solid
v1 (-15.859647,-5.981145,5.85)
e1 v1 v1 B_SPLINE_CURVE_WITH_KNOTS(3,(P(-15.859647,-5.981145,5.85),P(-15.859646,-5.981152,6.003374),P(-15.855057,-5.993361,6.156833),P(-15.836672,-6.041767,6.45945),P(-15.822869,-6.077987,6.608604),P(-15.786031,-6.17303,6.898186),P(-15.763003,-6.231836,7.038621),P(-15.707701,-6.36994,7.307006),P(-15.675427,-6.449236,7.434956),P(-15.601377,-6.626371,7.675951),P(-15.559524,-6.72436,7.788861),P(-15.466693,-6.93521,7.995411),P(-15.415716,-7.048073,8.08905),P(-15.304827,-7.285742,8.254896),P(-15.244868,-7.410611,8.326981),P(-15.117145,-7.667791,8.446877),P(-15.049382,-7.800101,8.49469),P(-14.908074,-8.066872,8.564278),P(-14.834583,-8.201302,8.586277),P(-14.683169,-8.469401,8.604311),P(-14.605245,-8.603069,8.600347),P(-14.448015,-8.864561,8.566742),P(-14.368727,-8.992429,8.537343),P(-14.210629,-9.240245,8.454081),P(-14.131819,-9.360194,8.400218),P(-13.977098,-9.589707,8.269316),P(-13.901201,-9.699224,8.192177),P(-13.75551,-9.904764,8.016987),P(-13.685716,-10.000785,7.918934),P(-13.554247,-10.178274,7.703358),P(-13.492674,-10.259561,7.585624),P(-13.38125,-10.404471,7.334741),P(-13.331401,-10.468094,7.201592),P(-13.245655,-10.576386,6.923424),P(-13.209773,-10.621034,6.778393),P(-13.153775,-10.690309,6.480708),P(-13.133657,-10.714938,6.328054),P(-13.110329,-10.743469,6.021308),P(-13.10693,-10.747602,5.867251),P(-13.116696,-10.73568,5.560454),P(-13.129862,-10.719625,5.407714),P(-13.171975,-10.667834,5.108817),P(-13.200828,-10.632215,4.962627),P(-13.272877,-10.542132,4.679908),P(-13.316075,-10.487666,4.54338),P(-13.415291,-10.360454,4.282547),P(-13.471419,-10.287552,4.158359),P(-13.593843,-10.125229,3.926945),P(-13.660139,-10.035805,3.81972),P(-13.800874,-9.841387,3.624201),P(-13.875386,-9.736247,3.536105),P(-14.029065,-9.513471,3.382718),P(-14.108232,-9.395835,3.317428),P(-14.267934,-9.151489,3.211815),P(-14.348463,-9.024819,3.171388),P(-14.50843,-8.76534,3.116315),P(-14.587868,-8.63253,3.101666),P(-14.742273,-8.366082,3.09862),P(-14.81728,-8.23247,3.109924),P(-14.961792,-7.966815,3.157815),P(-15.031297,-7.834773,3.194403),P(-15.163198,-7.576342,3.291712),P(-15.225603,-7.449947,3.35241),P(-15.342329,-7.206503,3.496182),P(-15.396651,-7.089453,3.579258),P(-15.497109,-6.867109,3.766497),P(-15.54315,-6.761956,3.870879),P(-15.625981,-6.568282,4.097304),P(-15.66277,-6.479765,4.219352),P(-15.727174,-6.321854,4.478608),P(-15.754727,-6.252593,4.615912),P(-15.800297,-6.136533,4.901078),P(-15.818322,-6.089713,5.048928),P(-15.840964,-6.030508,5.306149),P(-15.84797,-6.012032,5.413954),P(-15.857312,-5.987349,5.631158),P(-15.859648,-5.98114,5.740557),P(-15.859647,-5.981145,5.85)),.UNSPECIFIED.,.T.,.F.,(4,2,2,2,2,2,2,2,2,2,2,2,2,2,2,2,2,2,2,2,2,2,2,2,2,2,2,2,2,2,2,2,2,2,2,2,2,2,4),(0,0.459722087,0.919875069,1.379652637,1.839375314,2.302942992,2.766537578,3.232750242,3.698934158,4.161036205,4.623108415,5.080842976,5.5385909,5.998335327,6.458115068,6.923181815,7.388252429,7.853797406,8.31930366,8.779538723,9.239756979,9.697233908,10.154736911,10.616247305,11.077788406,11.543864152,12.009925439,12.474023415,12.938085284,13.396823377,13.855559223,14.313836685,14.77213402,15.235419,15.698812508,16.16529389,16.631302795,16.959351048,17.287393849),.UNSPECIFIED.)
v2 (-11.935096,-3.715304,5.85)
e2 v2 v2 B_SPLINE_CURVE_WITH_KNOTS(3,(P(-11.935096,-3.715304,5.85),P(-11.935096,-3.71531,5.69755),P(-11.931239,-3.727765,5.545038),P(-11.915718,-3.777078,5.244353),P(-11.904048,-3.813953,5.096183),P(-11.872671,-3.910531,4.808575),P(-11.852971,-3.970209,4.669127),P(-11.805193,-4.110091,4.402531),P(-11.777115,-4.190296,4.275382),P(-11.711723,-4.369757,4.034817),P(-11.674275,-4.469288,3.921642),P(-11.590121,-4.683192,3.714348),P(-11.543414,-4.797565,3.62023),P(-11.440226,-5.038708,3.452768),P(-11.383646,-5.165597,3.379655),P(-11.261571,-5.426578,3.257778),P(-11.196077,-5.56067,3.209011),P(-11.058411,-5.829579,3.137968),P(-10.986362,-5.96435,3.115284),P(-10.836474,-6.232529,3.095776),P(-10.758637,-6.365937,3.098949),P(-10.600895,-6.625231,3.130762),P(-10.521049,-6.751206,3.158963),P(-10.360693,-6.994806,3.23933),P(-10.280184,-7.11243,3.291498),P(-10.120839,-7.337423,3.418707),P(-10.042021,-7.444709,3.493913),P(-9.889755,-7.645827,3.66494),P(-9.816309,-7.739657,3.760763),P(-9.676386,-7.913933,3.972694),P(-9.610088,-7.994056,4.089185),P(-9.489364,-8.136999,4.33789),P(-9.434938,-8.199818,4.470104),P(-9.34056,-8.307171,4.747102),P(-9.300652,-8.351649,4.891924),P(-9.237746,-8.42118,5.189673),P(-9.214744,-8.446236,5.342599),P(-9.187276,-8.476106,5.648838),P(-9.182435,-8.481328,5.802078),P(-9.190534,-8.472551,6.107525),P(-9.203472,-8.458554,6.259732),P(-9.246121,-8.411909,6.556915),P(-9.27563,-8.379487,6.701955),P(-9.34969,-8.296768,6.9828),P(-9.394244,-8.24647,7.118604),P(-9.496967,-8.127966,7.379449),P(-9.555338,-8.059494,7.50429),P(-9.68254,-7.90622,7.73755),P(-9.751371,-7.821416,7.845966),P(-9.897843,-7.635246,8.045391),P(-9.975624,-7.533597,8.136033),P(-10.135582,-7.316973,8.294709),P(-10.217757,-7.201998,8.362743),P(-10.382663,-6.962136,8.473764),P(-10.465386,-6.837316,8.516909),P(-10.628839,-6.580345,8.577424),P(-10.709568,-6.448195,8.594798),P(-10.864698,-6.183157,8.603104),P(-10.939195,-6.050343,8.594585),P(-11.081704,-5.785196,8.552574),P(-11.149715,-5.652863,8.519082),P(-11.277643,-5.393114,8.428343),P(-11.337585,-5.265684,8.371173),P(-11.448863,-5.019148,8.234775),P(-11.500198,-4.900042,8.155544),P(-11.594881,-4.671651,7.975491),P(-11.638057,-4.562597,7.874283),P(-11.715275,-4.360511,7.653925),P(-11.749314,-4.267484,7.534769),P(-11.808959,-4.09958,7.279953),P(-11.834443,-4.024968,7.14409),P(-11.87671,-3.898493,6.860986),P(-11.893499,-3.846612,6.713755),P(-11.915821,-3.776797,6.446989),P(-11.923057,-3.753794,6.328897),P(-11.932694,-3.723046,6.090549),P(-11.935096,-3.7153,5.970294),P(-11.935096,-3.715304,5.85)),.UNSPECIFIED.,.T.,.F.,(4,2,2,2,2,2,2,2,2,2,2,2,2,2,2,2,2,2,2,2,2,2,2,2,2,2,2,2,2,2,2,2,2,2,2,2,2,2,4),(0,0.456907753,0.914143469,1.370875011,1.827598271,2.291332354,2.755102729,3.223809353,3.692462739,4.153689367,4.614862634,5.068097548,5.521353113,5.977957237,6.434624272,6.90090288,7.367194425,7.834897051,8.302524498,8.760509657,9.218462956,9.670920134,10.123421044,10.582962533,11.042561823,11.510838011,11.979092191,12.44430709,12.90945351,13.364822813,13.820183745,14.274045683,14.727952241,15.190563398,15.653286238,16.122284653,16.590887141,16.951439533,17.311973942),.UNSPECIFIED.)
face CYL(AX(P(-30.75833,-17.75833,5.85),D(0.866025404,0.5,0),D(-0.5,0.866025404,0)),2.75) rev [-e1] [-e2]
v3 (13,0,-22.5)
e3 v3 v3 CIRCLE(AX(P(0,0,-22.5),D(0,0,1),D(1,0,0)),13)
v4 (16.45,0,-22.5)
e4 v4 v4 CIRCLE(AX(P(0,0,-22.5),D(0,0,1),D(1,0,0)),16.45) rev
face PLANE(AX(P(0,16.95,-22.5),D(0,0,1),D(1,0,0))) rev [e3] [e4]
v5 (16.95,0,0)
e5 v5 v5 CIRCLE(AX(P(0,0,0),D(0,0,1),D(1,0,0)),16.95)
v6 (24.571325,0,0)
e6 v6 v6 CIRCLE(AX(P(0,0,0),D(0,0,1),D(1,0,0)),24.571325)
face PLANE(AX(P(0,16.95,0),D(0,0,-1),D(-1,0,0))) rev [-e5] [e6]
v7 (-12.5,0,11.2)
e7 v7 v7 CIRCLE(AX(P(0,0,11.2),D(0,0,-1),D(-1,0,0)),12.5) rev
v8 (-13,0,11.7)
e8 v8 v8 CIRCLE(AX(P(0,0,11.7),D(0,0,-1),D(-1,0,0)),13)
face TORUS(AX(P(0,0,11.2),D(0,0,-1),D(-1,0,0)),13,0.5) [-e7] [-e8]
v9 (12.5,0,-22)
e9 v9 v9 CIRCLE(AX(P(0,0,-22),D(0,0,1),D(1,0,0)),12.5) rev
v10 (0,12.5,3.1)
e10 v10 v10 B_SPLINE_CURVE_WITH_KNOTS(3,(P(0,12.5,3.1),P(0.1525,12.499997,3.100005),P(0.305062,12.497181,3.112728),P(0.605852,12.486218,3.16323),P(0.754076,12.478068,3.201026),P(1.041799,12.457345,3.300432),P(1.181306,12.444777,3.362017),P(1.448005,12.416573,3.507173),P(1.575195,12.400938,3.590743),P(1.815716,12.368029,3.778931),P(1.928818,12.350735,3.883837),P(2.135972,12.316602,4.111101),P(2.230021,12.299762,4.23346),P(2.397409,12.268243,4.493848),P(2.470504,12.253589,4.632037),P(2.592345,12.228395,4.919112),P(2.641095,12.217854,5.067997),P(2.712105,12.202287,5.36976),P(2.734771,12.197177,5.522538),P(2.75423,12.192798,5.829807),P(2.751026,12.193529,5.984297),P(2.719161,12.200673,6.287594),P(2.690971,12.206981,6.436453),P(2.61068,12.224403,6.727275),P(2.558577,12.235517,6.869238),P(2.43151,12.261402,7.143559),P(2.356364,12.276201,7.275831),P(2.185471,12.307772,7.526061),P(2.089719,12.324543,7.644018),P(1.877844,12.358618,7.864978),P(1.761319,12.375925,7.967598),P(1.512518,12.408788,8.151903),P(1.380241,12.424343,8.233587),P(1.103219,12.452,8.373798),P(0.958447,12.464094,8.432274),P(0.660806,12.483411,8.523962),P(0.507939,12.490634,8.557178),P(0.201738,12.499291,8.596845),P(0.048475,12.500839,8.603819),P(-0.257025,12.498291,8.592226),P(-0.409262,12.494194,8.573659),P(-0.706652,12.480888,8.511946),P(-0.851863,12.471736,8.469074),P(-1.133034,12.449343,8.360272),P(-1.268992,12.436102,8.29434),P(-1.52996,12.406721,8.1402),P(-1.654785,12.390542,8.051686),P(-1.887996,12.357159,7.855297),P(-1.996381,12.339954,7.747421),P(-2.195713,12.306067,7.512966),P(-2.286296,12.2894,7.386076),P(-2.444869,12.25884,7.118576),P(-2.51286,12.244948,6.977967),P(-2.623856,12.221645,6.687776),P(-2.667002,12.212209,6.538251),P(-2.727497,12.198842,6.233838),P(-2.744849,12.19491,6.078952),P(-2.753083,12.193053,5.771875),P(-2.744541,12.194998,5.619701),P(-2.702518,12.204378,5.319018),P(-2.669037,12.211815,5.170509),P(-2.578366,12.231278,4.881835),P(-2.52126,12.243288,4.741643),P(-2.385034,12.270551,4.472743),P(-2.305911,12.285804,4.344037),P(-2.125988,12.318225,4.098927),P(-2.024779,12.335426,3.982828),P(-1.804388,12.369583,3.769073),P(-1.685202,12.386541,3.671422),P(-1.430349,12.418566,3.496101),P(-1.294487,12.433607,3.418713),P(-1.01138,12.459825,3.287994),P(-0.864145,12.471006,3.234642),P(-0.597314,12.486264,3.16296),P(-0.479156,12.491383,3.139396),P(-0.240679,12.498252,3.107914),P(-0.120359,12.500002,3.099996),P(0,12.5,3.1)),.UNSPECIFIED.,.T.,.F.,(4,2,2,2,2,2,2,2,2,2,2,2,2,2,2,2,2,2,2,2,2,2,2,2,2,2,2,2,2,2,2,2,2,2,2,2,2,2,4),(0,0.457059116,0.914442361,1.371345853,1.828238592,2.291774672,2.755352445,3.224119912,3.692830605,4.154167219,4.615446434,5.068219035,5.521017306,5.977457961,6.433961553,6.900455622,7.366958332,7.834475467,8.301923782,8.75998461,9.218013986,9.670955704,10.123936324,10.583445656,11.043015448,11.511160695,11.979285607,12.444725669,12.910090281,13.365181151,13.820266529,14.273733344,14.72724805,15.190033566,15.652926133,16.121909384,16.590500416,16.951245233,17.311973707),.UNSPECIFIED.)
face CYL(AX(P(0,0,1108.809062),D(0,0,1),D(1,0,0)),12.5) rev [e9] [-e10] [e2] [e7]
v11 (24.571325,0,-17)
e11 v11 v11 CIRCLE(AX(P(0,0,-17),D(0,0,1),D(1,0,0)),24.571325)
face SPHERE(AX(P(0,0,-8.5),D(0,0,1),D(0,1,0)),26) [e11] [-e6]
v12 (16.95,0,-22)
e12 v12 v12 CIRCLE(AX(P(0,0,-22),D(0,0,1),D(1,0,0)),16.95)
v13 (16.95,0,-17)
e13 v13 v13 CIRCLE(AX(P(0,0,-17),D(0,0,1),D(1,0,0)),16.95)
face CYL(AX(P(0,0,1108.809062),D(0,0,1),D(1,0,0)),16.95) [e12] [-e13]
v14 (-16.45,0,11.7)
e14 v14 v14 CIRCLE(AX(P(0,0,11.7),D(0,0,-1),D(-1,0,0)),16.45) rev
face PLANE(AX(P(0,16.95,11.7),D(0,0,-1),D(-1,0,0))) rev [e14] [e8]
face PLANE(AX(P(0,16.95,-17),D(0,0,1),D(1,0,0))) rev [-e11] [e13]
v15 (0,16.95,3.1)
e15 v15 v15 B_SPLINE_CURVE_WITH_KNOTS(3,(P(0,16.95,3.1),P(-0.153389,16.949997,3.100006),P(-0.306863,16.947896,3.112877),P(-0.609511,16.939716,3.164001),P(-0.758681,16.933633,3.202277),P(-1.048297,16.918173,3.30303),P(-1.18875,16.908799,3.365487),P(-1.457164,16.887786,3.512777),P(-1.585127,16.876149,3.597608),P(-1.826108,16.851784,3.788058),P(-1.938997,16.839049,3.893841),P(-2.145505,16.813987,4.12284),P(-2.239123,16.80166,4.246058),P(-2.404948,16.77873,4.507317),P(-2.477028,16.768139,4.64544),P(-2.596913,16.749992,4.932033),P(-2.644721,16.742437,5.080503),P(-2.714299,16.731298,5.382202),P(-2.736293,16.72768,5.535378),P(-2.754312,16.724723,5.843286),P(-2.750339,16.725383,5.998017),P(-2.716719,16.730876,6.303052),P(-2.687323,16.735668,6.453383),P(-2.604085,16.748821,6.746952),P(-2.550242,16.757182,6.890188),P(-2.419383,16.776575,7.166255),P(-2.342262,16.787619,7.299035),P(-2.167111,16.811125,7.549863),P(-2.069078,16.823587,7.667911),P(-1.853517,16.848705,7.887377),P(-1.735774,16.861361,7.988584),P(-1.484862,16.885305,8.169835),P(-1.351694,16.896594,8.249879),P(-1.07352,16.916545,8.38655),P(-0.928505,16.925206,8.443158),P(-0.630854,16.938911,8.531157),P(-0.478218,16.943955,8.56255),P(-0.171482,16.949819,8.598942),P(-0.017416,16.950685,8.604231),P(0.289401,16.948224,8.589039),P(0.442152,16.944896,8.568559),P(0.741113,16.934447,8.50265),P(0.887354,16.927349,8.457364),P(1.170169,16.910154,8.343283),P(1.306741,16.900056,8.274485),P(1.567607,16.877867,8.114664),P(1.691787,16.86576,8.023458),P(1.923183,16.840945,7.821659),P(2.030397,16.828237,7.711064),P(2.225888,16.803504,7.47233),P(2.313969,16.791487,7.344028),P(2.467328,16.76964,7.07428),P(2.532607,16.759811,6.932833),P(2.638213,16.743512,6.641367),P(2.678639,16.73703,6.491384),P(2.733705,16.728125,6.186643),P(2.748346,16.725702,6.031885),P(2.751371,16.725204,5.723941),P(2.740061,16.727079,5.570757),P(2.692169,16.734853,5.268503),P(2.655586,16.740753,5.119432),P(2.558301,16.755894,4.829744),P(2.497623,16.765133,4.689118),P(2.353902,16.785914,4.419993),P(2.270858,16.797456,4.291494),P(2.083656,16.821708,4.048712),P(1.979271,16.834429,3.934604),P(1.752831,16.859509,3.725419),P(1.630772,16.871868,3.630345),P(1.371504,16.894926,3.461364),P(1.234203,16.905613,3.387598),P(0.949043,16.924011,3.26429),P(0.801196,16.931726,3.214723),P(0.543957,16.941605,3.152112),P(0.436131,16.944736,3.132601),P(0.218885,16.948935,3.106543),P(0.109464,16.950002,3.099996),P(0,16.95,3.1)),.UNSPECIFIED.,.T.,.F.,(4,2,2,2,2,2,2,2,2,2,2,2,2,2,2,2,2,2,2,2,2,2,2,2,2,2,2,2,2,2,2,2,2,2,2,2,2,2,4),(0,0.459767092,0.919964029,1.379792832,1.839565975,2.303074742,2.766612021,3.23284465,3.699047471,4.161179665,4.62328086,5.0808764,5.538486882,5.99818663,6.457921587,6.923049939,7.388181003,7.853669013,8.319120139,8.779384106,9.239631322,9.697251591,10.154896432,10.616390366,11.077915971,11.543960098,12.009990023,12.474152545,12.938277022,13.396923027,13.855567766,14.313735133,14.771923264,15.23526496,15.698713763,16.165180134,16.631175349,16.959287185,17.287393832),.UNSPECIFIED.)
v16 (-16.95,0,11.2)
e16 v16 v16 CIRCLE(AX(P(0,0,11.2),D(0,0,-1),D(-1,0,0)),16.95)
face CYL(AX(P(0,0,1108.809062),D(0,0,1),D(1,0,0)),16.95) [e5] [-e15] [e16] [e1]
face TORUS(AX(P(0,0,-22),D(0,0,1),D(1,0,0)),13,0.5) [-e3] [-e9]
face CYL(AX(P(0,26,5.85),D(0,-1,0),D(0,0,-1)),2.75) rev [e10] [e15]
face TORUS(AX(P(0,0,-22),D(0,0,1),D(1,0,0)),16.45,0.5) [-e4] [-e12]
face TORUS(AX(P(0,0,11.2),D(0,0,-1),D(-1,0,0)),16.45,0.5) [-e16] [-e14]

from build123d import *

# Parameters (mm, degrees)
SKETCH_2_R          = 2.75
CUT_EXTRUDE_1_DEPTH = 44.107423955
SKETCH_3_R          = 2.75
CUT_EXTRUDE_2_DEPTH = 44.107424007
FILLET_1_R          = 0.5


with BuildPart() as part:
    # Эскиз1 → Повернуть1 (revolve)
    with BuildSketch(Plane(origin=(0, 0, 0), x_dir=(0, 0, -1), z_dir=(1, 0, 0))):
        with BuildLine():
            Line((17, 16.95), (22.5, 16.95))
            Line((22.5, 16.95), (22.5, 12.5))
            Line((22.5, 12.5), (-11.7, 12.5))
            Line((-11.7, 12.5), (-11.7, 16.95))
            Line((-11.7, 16.95), (0, 16.95))
            Line((0, 16.95), (0, 24.571324751))
            ThreePointArc((0, 24.571324751), (8.5, 26), (17, 24.571324751))
            Line((17, 24.571324751), (17, 16.95))
        make_face()
    revolve(axis=Axis((0, 0, 1108.809062344), (0, 0, -1)))

    # Эскиз2 → Вырез-Вытянуть1 (cut, through all)
    with BuildSketch(Plane(origin=(0, 0, 0), x_dir=(1, 0, 0), z_dir=(0, 1, 0))):
        with Locations((0, -5.85)):
            Circle(SKETCH_2_R)
    extrude(amount=CUT_EXTRUDE_1_DEPTH, mode=Mode.SUBTRACT)

    # Эскиз3 → Вырез-Вытянуть2 (cut, through all)
    with BuildSketch(Plane(origin=(0, 0, 0), x_dir=(0, 0, -1), z_dir=(0.8660254037844398, 0.499999999999998, 0))):
        with Locations((-5.85, 0)):
            Circle(SKETCH_3_R)
    extrude(amount=-CUT_EXTRUDE_2_DEPTH, mode=Mode.SUBTRACT)

    # Скругление1
    fillet_1_edges = [part.edges().sort_by_distance(p)[0] for p in [
        (0, -12.5, -22.5),
        (0, -16.95, -22.5),
        (0, -12.5, 11.7),
        (0, -16.95, 11.7),
    ]]
    fillet(fillet_1_edges, radius=FILLET_1_R)


solid = part.part
